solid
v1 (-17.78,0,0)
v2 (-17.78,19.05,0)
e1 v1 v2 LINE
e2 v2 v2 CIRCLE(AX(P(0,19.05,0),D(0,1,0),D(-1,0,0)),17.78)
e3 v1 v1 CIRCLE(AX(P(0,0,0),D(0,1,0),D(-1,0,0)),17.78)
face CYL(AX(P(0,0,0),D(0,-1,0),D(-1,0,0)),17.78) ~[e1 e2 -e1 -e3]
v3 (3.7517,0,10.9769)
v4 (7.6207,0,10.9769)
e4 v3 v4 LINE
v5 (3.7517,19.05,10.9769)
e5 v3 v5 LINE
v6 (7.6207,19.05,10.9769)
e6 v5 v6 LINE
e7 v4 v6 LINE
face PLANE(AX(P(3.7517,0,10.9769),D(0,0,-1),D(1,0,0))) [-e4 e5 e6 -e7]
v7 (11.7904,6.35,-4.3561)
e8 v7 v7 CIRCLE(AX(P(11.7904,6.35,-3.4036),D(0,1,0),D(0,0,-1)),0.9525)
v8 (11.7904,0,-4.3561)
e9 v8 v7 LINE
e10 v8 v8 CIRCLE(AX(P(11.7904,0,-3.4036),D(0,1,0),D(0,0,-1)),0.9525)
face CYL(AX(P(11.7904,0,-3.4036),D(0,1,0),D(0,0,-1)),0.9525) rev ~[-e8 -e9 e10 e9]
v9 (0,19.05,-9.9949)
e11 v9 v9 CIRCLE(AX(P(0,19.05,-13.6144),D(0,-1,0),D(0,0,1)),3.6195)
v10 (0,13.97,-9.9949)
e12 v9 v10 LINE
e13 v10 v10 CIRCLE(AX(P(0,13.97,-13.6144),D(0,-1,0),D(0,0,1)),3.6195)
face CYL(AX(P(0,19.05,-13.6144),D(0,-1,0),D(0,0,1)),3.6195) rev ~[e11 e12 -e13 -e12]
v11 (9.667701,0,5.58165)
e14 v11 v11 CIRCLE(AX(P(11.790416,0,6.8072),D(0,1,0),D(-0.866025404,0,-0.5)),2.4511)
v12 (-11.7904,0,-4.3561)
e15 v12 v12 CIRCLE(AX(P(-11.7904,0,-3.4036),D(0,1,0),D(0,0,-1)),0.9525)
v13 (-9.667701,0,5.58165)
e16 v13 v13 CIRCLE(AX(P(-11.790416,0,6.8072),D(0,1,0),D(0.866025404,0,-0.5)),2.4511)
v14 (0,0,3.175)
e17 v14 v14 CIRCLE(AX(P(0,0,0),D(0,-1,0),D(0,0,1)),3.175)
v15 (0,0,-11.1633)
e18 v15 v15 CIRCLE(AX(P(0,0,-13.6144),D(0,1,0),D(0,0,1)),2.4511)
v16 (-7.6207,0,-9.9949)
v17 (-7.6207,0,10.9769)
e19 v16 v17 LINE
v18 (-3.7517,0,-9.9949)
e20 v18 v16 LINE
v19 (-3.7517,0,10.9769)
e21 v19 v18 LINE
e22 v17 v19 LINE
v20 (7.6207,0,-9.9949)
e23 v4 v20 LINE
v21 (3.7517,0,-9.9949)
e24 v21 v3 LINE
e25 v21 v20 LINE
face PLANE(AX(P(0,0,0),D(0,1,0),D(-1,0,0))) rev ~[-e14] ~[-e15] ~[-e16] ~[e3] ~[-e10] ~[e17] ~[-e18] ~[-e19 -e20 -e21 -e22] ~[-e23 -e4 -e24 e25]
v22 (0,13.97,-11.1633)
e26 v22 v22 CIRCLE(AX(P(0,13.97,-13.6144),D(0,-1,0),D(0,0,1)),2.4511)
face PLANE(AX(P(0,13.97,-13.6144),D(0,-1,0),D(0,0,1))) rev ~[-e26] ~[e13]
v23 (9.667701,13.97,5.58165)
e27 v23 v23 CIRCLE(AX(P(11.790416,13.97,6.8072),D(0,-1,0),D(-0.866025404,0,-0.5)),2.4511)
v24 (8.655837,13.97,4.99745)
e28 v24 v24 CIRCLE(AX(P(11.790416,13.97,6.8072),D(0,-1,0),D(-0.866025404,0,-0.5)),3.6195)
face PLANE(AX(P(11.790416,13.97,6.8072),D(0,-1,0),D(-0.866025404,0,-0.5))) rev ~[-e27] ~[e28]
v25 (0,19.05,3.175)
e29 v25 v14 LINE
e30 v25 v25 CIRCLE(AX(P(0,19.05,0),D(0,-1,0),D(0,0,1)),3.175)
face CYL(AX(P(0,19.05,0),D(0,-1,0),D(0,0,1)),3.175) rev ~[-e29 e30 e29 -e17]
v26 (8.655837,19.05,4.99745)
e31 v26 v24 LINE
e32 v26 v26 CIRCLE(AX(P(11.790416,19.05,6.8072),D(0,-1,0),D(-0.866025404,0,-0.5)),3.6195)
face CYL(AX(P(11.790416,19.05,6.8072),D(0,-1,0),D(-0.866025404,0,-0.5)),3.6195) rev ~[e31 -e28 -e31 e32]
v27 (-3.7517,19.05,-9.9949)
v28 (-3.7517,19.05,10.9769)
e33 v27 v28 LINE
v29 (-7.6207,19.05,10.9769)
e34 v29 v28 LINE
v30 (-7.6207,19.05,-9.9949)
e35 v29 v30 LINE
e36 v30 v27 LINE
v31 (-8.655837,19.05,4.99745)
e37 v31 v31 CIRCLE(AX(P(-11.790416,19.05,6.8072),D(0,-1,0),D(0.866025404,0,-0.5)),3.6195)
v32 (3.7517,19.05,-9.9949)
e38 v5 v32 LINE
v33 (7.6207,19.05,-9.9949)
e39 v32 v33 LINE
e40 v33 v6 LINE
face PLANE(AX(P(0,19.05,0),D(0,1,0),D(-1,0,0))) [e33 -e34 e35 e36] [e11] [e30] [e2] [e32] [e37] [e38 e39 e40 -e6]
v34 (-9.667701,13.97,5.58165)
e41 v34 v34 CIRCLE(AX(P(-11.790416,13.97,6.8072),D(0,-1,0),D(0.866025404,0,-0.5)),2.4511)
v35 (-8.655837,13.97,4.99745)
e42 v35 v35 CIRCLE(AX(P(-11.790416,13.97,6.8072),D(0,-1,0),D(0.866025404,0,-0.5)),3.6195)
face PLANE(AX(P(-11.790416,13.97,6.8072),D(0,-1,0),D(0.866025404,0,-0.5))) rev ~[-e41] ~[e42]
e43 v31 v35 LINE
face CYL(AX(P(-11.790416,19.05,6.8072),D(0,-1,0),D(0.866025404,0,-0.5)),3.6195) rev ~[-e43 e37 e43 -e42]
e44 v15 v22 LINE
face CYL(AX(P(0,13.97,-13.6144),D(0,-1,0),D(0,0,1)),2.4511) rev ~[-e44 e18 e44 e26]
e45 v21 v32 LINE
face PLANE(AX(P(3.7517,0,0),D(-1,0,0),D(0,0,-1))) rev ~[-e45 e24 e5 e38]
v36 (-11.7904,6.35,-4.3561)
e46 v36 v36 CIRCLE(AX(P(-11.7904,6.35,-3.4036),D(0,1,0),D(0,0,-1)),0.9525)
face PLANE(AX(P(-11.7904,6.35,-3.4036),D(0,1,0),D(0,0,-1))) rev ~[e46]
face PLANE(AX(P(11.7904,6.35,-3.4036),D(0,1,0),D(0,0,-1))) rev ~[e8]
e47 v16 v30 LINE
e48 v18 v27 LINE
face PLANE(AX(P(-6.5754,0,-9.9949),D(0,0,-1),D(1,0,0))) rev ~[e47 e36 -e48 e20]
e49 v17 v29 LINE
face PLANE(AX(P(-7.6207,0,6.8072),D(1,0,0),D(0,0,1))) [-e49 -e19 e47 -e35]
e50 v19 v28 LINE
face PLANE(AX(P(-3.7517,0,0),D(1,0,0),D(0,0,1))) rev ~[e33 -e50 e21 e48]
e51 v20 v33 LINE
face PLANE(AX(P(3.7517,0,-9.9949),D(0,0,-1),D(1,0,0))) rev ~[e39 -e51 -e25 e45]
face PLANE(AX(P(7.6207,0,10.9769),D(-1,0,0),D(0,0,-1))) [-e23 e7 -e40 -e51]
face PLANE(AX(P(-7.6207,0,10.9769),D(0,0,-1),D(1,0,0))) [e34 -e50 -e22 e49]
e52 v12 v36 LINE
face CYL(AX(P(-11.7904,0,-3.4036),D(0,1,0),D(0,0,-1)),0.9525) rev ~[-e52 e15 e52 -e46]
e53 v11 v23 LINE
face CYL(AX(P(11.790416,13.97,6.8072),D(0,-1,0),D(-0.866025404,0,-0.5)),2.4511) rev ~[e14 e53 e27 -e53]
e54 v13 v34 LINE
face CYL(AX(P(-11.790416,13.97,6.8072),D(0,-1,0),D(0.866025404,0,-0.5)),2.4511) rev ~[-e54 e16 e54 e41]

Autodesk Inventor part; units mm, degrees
ref_plane "YZ Plane" through (0, 0, 0) normal (1, 0, 0) x (0, 1, 0)
ref_plane "XZ Plane" through (0, 0, 0) normal (0, 1, 0) x (-1, 0, 0)
ref_plane "XY Plane" through (0, 0, 0) normal (0, 0, 1) x (1, 0, 0)
sketch "Sketch1" plane through (0, 0, 0) normal (0, 1, 0) x (-1, 0, 0)
  line L0 (0, 0) -> (13.6144, 0)
  circle A0 centre (0, 0) radius 17.78
  dimension "d0" = 13.6144
  dimension "d1" = 35.56
extrude "Extrusion1" add sketch "Sketch1" along normal blind 19.05
sketch "Sketch3" plane through (0, 19.05, 0) normal (0, 1, 0) x (1, 0, 0)
  line L0 (0, 0) -> (0, 13.6144)
  line L1 (0, 0) -> (13.6144, 0) construction
  dimension "d4" = 13.6144
  dimension "d5" = 90
hole "Hole1" at (0, 19.05, -13.6144) direction (0, -1, 0) diameter 4.9022 end through all counterbore diameter 7.239 counterbore depth 5.08
sketch "Sketch4" plane through (0, 0, 0) normal (0, -1, 0) x (1, 0, 0)
  circle A0 centre (0, -13.6144) radius 2.4511 projected
  line L0 (0, 0) -> (0, -13.6144)
hole "Hole2" at (0, 0, -13.6144) direction (0, 1, 0) diameter 4.9022 depth 6.35
pattern_circular "Circular Pattern1" count 3 over 360 about axis through (0, 0, 0) along (0, 1, 0) of "Hole1", "Hole2"
sketch "Sketch6" plane through (0, 19.05, 0) normal (0, 1, 0) x (1, 0, 0)
  point P0 (0, 0)
  point P1 (0, 0)
hole "Hole3" at (0, 19.05, 0) direction (0, -1, 0) diameter 6.35 end through all
sketch "Sketch13" plane through (0, 0, 0) normal (0, -1, 0) x (1, 0, 0)
  circle A0 centre (11.7904, 6.8072) radius 2.4511 projected
  circle A1 centre (-11.7904, 6.8072) radius 2.4511 projected
  line L0 (11.7904, 6.8072) -> (-11.7904, 6.8072)
  circle A2 centre (0, -13.6144) radius 2.4511 projected
  line L1 (-11.7904, 6.8072) -> (0, -13.6144)
  line L2 (0, -13.6144) -> (11.7904, 6.8072)
  line L3 (0, 6.8072) -> (0, -13.6144)
  line L4 (-11.7904, 6.8072) -> (5.8952, -3.4036)
  line L5 (11.7904, 6.8072) -> (-5.8952, -3.4036)
  circle A3 centre (0, 0) radius 16.0655
  circle A4 centre (5.8952, -3.4036) radius 6.8072
  circle A5 centre (0, 0) radius 17.78 projected
  circle A6 centre (0, 6.8072) radius 6.8072
  circle A7 centre (-5.8952, -3.4036) radius 6.8072
  line L6 (11.7904, 0) -> (5.8952, 3.4036)
  line L7 (0, -6.8072) -> (5.8952, 3.4036)
  line L8 (11.7904, 0) -> (5.8952, -10.2108)
  line L9 (0, -6.8072) -> (5.8952, -10.2108)
  line L10 (5.8952, 3.4036) -> (5.8952, 10.2108)
  line L11 (-5.8952, 10.2108) -> (5.8952, 10.2108)
  line L12 (5.8952, 3.4036) -> (-5.8952, 3.4036)
  line L13 (-5.8952, 10.2108) -> (-5.8952, 3.4036)
  line L14 (-5.8952, 3.4036) -> (0, -6.8072)
  line L15 (-5.8952, -10.2108) -> (0, -6.8072)
  line L16 (-5.8952, 3.4036) -> (-11.7904, 0)
  line L17 (-5.8952, -10.2108) -> (-11.7904, 0)
  line L18 (11.7904, 0) -> (15.0444, 5.6361)
  line L19 (5.8952, -10.2108) -> (2.6412, -15.8469)
  line L20 (5.8952, 10.2108) -> (12.4032, 10.2108)
  line L21 (-5.8952, 10.2108) -> (-12.4032, 10.2108)
  line L22 (-11.7904, 0) -> (-15.0444, 5.6361)
  line L23 (-5.8952, -10.2108) -> (-2.6412, -15.8469)
  line L24 (-12.4032, 10.2108) -> (0, 13.6144)
  line L25 (12.4032, 10.2108) -> (0, 13.6144)
  line L26 (15.0444, 5.6361) -> (11.7904, -6.8072)
  line L27 (2.6412, -15.8469) -> (11.7904, -6.8072)
  line L28 (-2.6412, -15.8469) -> (-11.5062, -7.2578)
  line L29 (-15.0444, 5.6361) -> (-11.5062, -7.2578)
  line L30 (-11.5062, -7.2578) -> (-4.2682, -13.0289)
  line L31 (-4.2682, -13.0289) -> (-6.8619, -14.5263)
  line L32 (-6.8619, -14.5263) -> (-4.2682, -13.0289)
sketch "Sketch14" plane through (0, 0, 0) normal (0, -1, 0) x (1, 0, 0)
  circle A0 centre (11.7904, 6.8072) radius 2.4511 projected
  circle A1 centre (0, -13.6144) radius 2.4511 projected
  circle A2 centre (-11.7904, 6.8072) radius 2.4511 projected
  point P0 (0, 0)
sketch "Sketch18" plane through (0, 0, 0) normal (0, -1, 0) x (1, 0, 0)
  circle A0 centre (-11.7904, 6.8072) radius 2.4511 projected
  circle A1 centre (-11.7904, 6.8072) radius 4.1697
  circle A2 centre (0, 0) radius 3.7517
  line L0 (-7.6207, 6.8072) -> (-7.6207, -16.064)
  circle A3 centre (0, 0) radius 17.78 projected
  line L1 (-7.6207, 6.8072) -> (-7.6207, 16.064)
  line L2 (-3.7517, 0) -> (-3.7517, -17.4687)
  line L3 (-3.7517, -17.4687) -> (-3.7517, 17.2429)
  circle A4 centre (11.7904, 6.8072) radius 2.4511 projected
  circle A5 centre (11.7904, 6.8072) radius 4.1697
  line L4 (7.6207, 6.8072) -> (7.6207, -16.064)
  line L5 (7.6207, 16.064) -> (7.6207, 6.8072)
  line L6 (-7.6207, 10.9769) -> (-3.7517, 10.9769)
  line L7 (-6.9141, -9.9949) -> (-3.7517, -9.9949)
  line L8 (-7.6207, -9.9949) -> (-6.5754, -9.9949)
  line L9 (3.7517, 10.9769) -> (7.6207, 10.9769)
  line L10 (3.7517, -9.9949) -> (7.6207, -9.9949)
  line L11 (0, 0) -> (3.7517, 0)
  line L12 (3.7517, 0) -> (3.7517, 10.8227)
  line L13 (3.7517, 10.8227) -> (3.7517, -9.9949)
  line L14 (3.7517, 10.8227) -> (3.7517, 10.9769)
  line L15 (7.6207, 10.9769) -> (3.7517, 10.9769)
  point P0 (3.7517, 0)
sketch "Sketch17" plane through (0, 0, 0) normal (0, -1, 0) x (1, 0, 0)
  point P0 (0, 0)
extrude "Extrusion6" cut sketch "Sketch18" against normal blind 19.05 contours L1 L6 L3 L2 L7 L8 L0 | L5 L4 L10 L13 L12 L14 L9
sketch "Sketch21" plane through (0, 0, 0) normal (0, -1, 0) x (1, 0, 0)
  circle A0 centre (11.7904, 6.8072) radius 2.4511 projected
  circle A1 centre (0, -13.6144) radius 2.4511 projected
  line L0 (11.7904, 6.8072) -> (0, -13.6144)
  circle A2 centre (-11.7904, 6.8072) radius 2.4511 projected
  line L1 (0, -13.6144) -> (-11.7904, 6.8072)
  line L2 (-11.7904, 6.8072) -> (11.7904, 6.8072)
  line L3 (11.7904, 6.8072) -> (11.7904, -13.6144)
  line L4 (11.7904, -13.6144) -> (0, -13.6144)
  line L5 (0, -13.6144) -> (-11.7904, -13.6144)
  line L6 (-11.7904, -13.6144) -> (-11.7904, 6.8072)
  circle A3 centre (11.7904, -3.4036) radius 0.635
  circle A4 centre (-11.7904, -3.4036) radius 0.635
  point P0 (0, 0)
  dimension "d68" = 1.27
hole "Hole6" at (-11.7904, 0, -3.4036) at (11.7904, 0, -3.4036) direction (0, 1, 0) diameter 1.905 depth 6.35
properties part number "table"
